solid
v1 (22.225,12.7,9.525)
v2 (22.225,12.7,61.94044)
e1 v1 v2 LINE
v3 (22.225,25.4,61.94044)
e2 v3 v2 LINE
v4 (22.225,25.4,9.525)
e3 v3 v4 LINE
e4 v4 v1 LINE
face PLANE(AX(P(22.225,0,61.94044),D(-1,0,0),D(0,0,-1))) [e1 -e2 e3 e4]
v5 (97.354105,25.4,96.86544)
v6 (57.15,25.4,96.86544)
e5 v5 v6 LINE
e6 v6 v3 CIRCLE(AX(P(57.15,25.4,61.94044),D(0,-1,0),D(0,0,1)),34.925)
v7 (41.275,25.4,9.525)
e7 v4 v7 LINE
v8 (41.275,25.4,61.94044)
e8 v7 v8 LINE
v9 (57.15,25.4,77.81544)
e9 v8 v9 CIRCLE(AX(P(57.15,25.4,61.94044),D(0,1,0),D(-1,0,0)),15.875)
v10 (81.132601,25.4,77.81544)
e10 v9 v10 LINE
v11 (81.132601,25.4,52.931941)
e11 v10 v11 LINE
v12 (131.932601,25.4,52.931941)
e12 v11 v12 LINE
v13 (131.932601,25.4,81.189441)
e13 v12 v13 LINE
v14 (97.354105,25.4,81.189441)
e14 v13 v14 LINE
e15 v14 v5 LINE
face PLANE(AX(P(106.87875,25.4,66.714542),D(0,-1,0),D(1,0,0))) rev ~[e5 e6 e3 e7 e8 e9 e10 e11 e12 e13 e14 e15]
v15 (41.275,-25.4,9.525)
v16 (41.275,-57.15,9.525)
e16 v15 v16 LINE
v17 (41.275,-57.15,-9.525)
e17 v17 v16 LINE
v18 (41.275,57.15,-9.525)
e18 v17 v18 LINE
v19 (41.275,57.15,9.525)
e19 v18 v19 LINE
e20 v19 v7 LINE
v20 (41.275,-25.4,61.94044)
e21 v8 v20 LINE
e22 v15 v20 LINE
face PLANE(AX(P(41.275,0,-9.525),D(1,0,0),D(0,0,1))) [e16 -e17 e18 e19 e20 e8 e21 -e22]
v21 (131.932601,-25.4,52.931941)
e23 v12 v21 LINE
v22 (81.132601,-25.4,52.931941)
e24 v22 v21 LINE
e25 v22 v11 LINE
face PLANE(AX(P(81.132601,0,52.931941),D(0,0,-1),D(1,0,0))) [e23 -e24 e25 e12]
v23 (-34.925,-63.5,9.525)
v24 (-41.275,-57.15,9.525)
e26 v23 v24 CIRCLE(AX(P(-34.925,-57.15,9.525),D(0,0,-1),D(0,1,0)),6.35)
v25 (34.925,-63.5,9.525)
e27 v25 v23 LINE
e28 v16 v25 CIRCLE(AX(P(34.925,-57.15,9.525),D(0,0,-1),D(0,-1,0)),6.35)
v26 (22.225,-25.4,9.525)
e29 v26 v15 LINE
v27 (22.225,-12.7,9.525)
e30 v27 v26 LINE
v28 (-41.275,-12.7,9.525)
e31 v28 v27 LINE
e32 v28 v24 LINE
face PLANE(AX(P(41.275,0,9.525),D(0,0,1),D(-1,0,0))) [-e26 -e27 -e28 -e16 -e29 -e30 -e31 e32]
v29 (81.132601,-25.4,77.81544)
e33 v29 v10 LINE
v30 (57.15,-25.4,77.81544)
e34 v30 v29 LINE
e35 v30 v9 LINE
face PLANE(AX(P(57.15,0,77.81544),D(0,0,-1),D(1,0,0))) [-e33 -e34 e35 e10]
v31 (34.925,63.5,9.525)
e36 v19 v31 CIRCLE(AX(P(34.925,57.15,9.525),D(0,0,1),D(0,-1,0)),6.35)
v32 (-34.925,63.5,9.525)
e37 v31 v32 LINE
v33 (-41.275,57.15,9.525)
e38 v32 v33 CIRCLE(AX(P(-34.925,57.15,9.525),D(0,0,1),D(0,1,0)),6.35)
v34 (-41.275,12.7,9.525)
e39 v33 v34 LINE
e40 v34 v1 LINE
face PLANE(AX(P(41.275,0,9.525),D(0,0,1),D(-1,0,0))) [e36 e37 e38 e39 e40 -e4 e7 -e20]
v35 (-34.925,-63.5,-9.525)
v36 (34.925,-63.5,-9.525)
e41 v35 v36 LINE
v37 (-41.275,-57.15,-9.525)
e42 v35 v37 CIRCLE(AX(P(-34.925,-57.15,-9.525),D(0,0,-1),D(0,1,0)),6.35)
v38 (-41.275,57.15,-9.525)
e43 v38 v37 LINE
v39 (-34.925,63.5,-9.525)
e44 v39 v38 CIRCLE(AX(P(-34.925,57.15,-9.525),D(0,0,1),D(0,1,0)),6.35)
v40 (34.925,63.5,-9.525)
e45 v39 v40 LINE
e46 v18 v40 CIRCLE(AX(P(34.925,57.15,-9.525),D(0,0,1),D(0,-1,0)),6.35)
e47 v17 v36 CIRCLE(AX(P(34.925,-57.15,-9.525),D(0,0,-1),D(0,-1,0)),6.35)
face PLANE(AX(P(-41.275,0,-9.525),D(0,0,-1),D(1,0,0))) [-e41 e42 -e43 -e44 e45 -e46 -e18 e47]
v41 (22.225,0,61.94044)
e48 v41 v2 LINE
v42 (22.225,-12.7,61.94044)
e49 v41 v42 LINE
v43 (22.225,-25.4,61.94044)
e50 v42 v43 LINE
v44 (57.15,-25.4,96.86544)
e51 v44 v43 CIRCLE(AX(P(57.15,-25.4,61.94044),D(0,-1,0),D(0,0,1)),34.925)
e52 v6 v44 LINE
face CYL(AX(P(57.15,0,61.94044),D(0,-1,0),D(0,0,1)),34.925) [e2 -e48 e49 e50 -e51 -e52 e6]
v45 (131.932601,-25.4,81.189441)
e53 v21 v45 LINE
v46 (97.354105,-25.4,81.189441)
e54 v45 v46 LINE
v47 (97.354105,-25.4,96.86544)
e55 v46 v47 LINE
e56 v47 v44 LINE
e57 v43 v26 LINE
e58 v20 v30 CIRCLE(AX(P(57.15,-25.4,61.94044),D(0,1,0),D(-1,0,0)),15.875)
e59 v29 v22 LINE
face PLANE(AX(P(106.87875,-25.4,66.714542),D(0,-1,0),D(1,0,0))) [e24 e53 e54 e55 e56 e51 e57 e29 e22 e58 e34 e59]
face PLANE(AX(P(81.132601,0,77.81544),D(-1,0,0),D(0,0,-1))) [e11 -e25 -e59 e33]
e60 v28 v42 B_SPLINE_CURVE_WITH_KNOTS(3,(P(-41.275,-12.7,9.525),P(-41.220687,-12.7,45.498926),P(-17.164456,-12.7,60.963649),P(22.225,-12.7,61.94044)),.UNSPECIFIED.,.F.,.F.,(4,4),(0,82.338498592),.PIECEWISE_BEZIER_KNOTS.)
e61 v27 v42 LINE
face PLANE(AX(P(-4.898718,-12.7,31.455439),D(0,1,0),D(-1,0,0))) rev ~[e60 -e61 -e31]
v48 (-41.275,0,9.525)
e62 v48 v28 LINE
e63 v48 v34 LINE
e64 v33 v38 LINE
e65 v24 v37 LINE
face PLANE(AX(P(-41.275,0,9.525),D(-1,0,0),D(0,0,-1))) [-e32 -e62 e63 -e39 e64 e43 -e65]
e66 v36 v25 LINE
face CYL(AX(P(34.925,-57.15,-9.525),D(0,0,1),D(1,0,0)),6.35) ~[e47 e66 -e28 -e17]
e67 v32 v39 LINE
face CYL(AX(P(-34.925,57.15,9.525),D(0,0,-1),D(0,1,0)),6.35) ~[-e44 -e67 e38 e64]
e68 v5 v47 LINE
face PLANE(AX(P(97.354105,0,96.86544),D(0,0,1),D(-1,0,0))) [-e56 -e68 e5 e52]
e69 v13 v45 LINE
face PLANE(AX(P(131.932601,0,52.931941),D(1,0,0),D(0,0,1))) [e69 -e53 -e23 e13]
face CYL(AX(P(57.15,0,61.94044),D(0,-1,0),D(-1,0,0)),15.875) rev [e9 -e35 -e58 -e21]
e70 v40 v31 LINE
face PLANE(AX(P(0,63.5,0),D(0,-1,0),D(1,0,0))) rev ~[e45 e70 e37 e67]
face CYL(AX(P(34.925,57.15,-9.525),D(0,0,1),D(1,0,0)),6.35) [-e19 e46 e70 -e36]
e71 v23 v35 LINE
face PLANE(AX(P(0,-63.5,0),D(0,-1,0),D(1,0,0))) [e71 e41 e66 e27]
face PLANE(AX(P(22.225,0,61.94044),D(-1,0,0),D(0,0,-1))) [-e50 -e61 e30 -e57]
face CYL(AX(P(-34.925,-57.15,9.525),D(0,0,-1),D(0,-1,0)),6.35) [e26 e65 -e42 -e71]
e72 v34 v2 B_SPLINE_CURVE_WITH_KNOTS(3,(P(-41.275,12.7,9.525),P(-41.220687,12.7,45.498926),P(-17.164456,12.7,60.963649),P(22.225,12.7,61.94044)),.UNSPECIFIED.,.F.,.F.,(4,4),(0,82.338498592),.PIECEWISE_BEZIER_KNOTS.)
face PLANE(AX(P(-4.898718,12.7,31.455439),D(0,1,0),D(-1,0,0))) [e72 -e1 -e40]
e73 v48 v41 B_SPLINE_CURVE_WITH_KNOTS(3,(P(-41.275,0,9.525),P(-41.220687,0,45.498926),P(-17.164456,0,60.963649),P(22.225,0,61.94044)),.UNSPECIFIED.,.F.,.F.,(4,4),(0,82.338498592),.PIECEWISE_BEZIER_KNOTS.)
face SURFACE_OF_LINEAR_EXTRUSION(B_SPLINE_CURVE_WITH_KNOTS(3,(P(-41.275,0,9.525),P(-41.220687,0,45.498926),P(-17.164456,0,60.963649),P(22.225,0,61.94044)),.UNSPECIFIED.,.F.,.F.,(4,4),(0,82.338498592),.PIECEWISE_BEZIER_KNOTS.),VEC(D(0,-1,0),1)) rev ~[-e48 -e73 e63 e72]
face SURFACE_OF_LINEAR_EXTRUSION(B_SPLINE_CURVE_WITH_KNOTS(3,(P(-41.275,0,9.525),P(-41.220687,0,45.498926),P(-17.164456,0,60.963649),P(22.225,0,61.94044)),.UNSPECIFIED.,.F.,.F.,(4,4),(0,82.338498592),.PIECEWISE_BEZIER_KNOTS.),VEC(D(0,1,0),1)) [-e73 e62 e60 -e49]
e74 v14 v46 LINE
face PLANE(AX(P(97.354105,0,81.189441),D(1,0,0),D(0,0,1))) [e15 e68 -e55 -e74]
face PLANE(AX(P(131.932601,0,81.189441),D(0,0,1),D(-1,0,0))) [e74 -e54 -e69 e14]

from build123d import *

# Parameters (mm, degrees)
F1_DEPTH = 63.5
F0_W     = 16.2215043542
F0_H     = 3.3740014491
F2_DEPTH = 25.4
F3_DEPTH = 12.7
F4_R     = 6.35


with BuildPart() as f1:
    # F0 (on Front) → F1 (new body, symmetric)
    with BuildSketch(Plane.XZ):
        Polygon((-41.275, -9.525), (41.275, -9.525), (41.275, 9.525), (22.225, 9.525), (-41.275, 9.525), align=None)
    extrude(amount=F1_DEPTH, both=True)

    # F0 (on Front) → F2 (join, symmetric)
    with BuildSketch(Plane.XZ):
        Polygon((97.3541051817, 77.81544), (81.1326008275, 77.81544), (81.1326008275, 52.9319414491), (131.9326008275, 52.9319414491), (131.9326008275, 81.1894414491), (97.3541051817, 81.1894414491), align=None)
        Polygon((-41.275, -9.525), (41.275, -9.525), (41.275, 9.525), (22.225, 9.525), (-41.275, 9.525), align=None)
        with Locations((89.2433530046, 79.5024407246)):
            Rectangle(F0_W, F0_H)
        with BuildLine():
            Line((22.225, 9.525), (41.275, 9.525))
            Line((41.275, 9.525), (41.275, 61.94044))
            ThreePointArc((41.275, 61.94044), (45.9246798487, 73.1657601513), (57.15, 77.81544))
            Line((57.15, 77.81544), (81.1326008275, 77.81544))
            Line((81.1326008275, 77.81544), (81.1326008275, 81.1894414491))
            Line((81.1326008275, 81.1894414491), (97.3541051817, 81.1894414491))
            Line((97.3541051817, 81.1894414491), (97.3541051817, 96.86544))
            Line((97.3541051817, 96.86544), (57.15, 96.86544))
            ThreePointArc((57.15, 96.86544), (32.4542956671, 86.6361443329), (22.225, 61.94044))
            Line((22.225, 61.94044), (22.225, 9.525))
        make_face()
    extrude(amount=F2_DEPTH, both=True)

    # F0 (on Front) → F3 (join, symmetric)
    with BuildSketch(Plane.XZ):
        with BuildLine():
            add(Edge.make_bspline(
                [(-41.275, 9.525), (-41.2206873298, 45.4989261925), (-17.1644557267, 60.9636493027), (22.225, 61.94044)],
                knots=[0, 0, 0, 0, 82.3384985921, 82.3384985921, 82.3384985921, 82.3384985921], degree=3))
            Line((-41.275, 9.525), (22.225, 9.525))
            Line((22.225, 9.525), (22.225, 61.94044))
        make_face()
    extrude(amount=F3_DEPTH, both=True)

    # F4
    f4_edges = [f1.edges().sort_by_distance(p)[0] for p in [
        (41.275, -63.5, 0),
        (-41.275, -63.5, 0),
        (41.275, 63.5, 0),
        (-41.275, 63.5, 0),
    ]]
    fillet(f4_edges, radius=F4_R)


solid = f1.part
